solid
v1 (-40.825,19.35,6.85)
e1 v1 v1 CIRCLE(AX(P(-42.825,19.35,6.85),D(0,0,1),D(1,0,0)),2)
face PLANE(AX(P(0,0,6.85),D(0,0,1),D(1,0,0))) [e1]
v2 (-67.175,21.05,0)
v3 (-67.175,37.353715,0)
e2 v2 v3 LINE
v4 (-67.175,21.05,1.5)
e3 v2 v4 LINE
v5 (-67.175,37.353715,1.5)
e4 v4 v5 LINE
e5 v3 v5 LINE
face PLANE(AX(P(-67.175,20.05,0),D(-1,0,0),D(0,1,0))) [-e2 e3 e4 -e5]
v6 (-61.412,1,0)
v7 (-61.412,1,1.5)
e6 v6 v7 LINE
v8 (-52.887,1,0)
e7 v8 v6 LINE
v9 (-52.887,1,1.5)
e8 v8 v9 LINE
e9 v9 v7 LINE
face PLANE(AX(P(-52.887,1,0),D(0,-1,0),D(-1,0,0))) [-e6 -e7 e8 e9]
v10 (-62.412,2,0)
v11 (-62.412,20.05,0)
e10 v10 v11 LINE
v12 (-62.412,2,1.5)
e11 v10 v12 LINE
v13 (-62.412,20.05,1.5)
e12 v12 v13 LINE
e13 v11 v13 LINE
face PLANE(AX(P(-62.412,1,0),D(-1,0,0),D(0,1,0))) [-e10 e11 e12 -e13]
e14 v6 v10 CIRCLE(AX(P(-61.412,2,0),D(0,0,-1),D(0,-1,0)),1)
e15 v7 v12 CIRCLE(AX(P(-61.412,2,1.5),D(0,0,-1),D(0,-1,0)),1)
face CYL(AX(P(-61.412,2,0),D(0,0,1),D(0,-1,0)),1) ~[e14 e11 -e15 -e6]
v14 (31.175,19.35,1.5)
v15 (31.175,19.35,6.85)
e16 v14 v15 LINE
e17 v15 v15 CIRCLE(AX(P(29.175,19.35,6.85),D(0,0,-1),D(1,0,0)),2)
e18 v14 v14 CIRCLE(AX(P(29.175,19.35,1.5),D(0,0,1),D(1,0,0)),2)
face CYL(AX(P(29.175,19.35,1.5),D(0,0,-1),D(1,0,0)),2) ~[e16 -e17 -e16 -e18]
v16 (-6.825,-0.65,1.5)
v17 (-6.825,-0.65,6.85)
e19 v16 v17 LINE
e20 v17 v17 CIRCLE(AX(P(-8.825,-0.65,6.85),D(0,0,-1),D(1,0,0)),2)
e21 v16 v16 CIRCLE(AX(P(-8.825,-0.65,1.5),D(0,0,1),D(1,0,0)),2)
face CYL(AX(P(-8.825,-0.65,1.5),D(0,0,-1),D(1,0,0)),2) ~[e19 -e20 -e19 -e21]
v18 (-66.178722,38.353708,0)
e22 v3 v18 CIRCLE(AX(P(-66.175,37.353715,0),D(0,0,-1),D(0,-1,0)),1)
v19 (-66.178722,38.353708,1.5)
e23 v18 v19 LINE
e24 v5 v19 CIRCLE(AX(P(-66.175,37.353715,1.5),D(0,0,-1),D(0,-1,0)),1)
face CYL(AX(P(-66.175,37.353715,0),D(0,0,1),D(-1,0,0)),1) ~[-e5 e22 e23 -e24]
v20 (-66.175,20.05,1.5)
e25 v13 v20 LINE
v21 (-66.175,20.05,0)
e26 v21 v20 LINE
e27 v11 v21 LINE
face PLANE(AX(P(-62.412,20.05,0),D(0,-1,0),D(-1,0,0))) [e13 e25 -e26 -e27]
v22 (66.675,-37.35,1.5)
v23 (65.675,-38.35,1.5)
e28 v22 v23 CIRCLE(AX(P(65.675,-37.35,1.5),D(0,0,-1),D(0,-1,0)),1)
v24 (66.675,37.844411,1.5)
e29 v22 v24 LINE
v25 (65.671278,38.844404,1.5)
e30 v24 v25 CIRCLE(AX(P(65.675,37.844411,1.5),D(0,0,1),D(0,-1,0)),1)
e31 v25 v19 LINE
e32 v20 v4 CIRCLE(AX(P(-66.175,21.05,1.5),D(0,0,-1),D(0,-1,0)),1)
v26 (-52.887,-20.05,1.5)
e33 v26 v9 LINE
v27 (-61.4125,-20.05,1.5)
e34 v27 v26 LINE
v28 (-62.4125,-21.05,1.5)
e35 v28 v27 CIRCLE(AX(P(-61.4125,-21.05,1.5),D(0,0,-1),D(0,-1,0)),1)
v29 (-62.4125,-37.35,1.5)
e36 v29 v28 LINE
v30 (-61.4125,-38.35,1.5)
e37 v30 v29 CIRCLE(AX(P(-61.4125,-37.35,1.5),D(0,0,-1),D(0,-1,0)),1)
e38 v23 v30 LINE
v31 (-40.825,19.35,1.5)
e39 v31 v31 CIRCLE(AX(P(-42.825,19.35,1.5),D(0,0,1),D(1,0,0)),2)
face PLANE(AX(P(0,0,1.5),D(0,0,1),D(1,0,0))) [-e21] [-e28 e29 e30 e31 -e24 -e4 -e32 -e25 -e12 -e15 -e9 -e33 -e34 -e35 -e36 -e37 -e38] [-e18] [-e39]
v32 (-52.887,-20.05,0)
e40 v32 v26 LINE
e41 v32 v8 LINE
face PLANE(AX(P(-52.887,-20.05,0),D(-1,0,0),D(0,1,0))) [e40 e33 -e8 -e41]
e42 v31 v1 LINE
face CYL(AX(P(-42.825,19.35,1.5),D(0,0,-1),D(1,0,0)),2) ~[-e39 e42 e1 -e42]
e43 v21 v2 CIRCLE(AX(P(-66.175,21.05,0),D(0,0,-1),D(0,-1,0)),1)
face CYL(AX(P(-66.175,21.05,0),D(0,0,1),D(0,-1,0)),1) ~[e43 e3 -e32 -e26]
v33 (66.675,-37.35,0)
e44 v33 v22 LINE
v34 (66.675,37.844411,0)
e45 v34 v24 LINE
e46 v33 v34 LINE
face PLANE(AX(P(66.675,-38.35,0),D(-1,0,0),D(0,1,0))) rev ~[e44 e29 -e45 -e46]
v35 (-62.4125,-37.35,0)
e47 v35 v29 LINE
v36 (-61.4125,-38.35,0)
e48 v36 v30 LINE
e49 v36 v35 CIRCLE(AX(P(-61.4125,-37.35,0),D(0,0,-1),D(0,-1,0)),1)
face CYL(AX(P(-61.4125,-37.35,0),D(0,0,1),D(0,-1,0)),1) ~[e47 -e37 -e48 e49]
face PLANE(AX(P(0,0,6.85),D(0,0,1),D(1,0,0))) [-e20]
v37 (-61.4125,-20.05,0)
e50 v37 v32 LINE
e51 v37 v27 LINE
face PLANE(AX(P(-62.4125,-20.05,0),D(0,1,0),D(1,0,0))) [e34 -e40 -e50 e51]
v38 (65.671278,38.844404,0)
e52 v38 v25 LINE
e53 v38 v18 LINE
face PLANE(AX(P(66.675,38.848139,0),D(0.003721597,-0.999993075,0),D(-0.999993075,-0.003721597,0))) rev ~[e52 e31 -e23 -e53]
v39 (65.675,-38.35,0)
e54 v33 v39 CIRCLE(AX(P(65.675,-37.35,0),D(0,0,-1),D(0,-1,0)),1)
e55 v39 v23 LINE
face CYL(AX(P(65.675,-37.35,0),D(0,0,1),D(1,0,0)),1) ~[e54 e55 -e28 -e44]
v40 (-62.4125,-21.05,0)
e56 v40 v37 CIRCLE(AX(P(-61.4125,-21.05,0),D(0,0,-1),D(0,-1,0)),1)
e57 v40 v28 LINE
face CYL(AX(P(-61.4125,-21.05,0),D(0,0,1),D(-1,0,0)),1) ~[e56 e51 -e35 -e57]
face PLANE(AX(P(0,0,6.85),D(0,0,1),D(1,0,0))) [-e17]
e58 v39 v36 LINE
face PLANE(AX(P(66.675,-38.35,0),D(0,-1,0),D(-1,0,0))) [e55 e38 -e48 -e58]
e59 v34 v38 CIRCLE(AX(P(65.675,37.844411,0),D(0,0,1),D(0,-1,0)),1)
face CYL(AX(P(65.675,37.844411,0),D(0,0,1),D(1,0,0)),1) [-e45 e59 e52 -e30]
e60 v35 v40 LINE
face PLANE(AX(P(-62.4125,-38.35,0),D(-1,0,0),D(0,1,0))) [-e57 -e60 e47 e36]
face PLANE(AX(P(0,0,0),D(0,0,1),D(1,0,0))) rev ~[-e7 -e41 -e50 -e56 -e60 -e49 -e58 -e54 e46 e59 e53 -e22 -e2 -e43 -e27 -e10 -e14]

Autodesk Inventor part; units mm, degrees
ref_plane "YZ Plane" through (0, 0, 0) normal (1, 0, 0) x (0, 1, 0)
ref_plane "XZ Plane" through (0, 0, 0) normal (0, 1, 0) x (-1, 0, 0)
ref_plane "XY Plane" through (0, 0, 0) normal (0, 0, 1) x (1, 0, 0)
sketch "Sketch1" plane through (0, 0, 0) normal (0, 0, 1) x (1, 0, 0)
  line L0 (67.175, 38.35) -> (67.175, 15.986) projected
  arc A0 (67.175, 38.35) -> (66.175, 39.35) centre (66.175, 38.35) ccw projected
  line L1 (-33.175, 39.35) -> (66.175, 39.35) projected
  arc A1 (-34.175, 40.35) -> (-33.175, 39.35) centre (-33.175, 40.35) ccw projected
  line L2 (-34.175, 40.35) -> (-34.175, 43.6) projected
  line L3 (-34.175, 43.6) -> (-34.5505, 43.6) projected
  spline S0 degree 3 poles (-35.175, 43.605) (-35.038, 43.605) (-34.8736, 43.6028) (-34.6784, 43.6006) (-34.6086, 43.6) (-34.5505, 43.6) knots 0.473314 0.473314 0.473314 0.473314 0.514423 0.514423 0.531864 0.531864 0.531864 0.531864 projected
  line L4 (-51.175, 43.605) -> (-35.175, 43.605) projected
  spline S1 degree 3 poles (-51.7995, 43.6) (-51.7414, 43.6) (-51.6716, 43.6006) (-51.4764, 43.6028) (-51.312, 43.605) (-51.175, 43.605) knots 0.531978 0.531978 0.531978 0.531978 0.549419 0.549419 0.590528 0.590528 0.590528 0.590528 projected
  line L5 (-51.7995, 43.6) -> (-52.175, 43.6) projected
  line L6 (-52.175, 43.6) -> (-52.175, 40.35) projected
  arc A2 (-53.175, 39.35) -> (-52.175, 40.35) centre (-53.175, 40.35) ccw projected
  line L7 (-67.175, 39.35) -> (-53.175, 39.35) projected
  line L8 (-67.175, 20.05) -> (-67.175, 39.35) projected
  line L9 (-62.412, 20.05) -> (-67.175, 20.05) projected
  line L10 (-62.412, 1) -> (-62.412, 20.05) projected
  line L11 (-52.887, 1) -> (-62.412, 1) projected
  line L12 (-52.887, -20.05) -> (-52.887, 1) projected
  line L13 (-62.4125, -20.05) -> (-52.887, -20.05) projected
  line L14 (-62.4125, -39.35) -> (-62.4125, -20.05) projected
  line L15 (66.175, -39.35) -> (-62.4125, -39.35) projected
  arc A3 (66.175, -39.35) -> (67.175, -38.35) centre (66.175, -38.35) ccw projected
  line L16 (67.175, 0.986) -> (67.175, -38.35) projected
  arc A4 (68.175, 1.986) -> (67.175, 0.986) centre (68.175, 0.986) ccw projected
  line L17 (68.175, 1.986) -> (71.425, 1.986) projected
  line L18 (71.425, 1.986) -> (71.425, 2.3615) projected
  spline S2 degree 3 poles (71.43, 2.986) (71.43, 2.849) (71.4278, 2.6846) (71.4256, 2.4894) (71.425, 2.4196) (71.425, 2.3615) knots 0.473429 0.473429 0.473429 0.473429 0.514537 0.514537 0.531978 0.531978 0.531978 0.531978 projected
  line L19 (71.43, 13.986) -> (71.43, 2.986) projected
  spline S3 degree 3 poles (71.425, 14.6105) (71.425, 14.5524) (71.4256, 14.4826) (71.4278, 14.2874) (71.43, 14.123) (71.43, 13.986) knots 0.531978 0.531978 0.531978 0.531978 0.549419 0.549419 0.590528 0.590528 0.590528 0.590528 projected
  line L20 (71.425, 14.6105) -> (71.425, 14.986) projected
  line L21 (71.425, 14.986) -> (68.175, 14.986) projected
  arc A5 (67.175, 15.986) -> (68.175, 14.986) centre (68.175, 15.986) ccw projected
  line L22 (-67.175, 39.35) -> (-67.175, 38.35)
  line L23 (-67.175, 39.35) -> (67.175, 39.35)
  line L24 (67.175, 39.35) -> (67.175, -39.35)
  line L25 (67.175, -39.35) -> (-67.175, -39.35)
  line L26 (-67.175, -39.35) -> (-67.175, 39.35)
  line L27 (67.175, -39.35) -> (67.175, -38.35)
  line L28 (67.175, -38.35) -> (-62.4125, -38.35)
  line L29 (67.175, 39.35) -> (67.175, 38.85)
  line L30 (67.175, 38.85) -> (-67.175, 38.35)
  line L31 (67.175, 39.35) -> (66.675, 39.35)
  line L32 (66.675, 39.35) -> (67.175, 39.35)
  line L33 (67.175, 39.35) -> (67.175, -39.35)
  line L34 (67.175, -39.35) -> (66.675, -39.35)
  line L35 (66.675, -39.35) -> (66.675, 39.35)
  point P0 (0, 0)
  point P1 (67.175, -38.35)
  point P2 (67.0413, 38.8495)
  point P3 (66.675, -38.35)
  point P4 (66.675, 38.8481)
  dimension "d0" = 1
  dimension "d1" = 1
  dimension "d2" = 0.5
  dimension "d16" = 0.5
extrude "Extrusion1" add sketch "Sketch1" along normal blind 1.5 contours L35 L28 L14 L13 L12 L11 L10 L9 L8 L30
fillet "Fillet1" radius 1 7 edges at (-67.175, 38.35, 0.75) (-67.175, 20.05, 0.75) (-62.412, 1, 0.75) (-62.4125, -20.05, 0.75) (-62.4125, -38.35, 0.75) (66.675, 38.8481, 0.75) (66.675, -38.35, 0.75)
sketch "Sketch2" plane through (0, 0, 1.5) normal (0, 0, 1) x (1, 0, 0)
  line L0 (65.6713, 38.8444) -> (-66.1787, 38.3537) projected
  arc A0 (-66.1787, 38.3537) -> (-67.175, 37.3537) centre (-66.175, 37.3537) ccw projected
  line L1 (-67.175, 37.3537) -> (-67.175, 21.05) projected
  arc A1 (-67.175, 21.05) -> (-66.175, 20.05) centre (-66.175, 21.05) ccw projected
  line L2 (-66.175, 20.05) -> (-62.412, 20.05) projected
  line L3 (-62.412, 20.05) -> (-62.412, 2) projected
  arc A2 (-62.412, 2) -> (-61.412, 1) centre (-61.412, 2) ccw projected
  line L4 (-61.412, 1) -> (-52.887, 1) projected
  line L5 (-52.887, 1) -> (-52.887, -20.05) projected
  line L6 (-52.887, -20.05) -> (-61.4125, -20.05) projected
  arc A3 (-61.4125, -20.05) -> (-62.4125, -21.05) centre (-61.4125, -21.05) ccw projected
  line L7 (-62.4125, -21.05) -> (-62.4125, -37.35) projected
  arc A4 (-62.4125, -37.35) -> (-61.4125, -38.35) centre (-61.4125, -37.35) ccw projected
  line L8 (-61.4125, -38.35) -> (65.675, -38.35) projected
  line L9 (67.175, 38.85) -> (67.175, 19.35)
  line L10 (67.175, 19.35) -> (29.175, 19.35)
  circle A5 centre (29.175, 19.35) radius 2
  line L11 (29.175, 19.35) -> (-42.825, 19.35)
  circle A6 centre (-42.825, 19.35) radius 2
  line L12 (29.175, 19.35) -> (-8.825, 19.35)
  line L13 (-8.825, 19.35) -> (-8.825, -0.65)
  circle A7 centre (-8.825, -0.65) radius 2
  line L14 (66.675, -37.35) -> (66.675, 37.8444) projected
  arc A8 (65.675, -38.35) -> (66.675, -37.35) centre (65.675, -37.35) ccw projected
  arc A9 (66.675, 37.8444) -> (65.6713, 38.8444) centre (65.675, 37.8444) ccw projected
  point P0 (0, 0)
  dimension "d6" = 19.5
  dimension "d7" = 38
  dimension "d8" = 4
  dimension "d9" = 72
  dimension "d10" = 4
  dimension "d11" = 38
  dimension "d12" = 20
  dimension "d13" = 4
extrude "Extrusion2" add sketch "Sketch2" along normal blind 5.35 contours A7 | A6 | A5 L11 L10 | L10 L11 A5
properties part number "BottomInner_right"
